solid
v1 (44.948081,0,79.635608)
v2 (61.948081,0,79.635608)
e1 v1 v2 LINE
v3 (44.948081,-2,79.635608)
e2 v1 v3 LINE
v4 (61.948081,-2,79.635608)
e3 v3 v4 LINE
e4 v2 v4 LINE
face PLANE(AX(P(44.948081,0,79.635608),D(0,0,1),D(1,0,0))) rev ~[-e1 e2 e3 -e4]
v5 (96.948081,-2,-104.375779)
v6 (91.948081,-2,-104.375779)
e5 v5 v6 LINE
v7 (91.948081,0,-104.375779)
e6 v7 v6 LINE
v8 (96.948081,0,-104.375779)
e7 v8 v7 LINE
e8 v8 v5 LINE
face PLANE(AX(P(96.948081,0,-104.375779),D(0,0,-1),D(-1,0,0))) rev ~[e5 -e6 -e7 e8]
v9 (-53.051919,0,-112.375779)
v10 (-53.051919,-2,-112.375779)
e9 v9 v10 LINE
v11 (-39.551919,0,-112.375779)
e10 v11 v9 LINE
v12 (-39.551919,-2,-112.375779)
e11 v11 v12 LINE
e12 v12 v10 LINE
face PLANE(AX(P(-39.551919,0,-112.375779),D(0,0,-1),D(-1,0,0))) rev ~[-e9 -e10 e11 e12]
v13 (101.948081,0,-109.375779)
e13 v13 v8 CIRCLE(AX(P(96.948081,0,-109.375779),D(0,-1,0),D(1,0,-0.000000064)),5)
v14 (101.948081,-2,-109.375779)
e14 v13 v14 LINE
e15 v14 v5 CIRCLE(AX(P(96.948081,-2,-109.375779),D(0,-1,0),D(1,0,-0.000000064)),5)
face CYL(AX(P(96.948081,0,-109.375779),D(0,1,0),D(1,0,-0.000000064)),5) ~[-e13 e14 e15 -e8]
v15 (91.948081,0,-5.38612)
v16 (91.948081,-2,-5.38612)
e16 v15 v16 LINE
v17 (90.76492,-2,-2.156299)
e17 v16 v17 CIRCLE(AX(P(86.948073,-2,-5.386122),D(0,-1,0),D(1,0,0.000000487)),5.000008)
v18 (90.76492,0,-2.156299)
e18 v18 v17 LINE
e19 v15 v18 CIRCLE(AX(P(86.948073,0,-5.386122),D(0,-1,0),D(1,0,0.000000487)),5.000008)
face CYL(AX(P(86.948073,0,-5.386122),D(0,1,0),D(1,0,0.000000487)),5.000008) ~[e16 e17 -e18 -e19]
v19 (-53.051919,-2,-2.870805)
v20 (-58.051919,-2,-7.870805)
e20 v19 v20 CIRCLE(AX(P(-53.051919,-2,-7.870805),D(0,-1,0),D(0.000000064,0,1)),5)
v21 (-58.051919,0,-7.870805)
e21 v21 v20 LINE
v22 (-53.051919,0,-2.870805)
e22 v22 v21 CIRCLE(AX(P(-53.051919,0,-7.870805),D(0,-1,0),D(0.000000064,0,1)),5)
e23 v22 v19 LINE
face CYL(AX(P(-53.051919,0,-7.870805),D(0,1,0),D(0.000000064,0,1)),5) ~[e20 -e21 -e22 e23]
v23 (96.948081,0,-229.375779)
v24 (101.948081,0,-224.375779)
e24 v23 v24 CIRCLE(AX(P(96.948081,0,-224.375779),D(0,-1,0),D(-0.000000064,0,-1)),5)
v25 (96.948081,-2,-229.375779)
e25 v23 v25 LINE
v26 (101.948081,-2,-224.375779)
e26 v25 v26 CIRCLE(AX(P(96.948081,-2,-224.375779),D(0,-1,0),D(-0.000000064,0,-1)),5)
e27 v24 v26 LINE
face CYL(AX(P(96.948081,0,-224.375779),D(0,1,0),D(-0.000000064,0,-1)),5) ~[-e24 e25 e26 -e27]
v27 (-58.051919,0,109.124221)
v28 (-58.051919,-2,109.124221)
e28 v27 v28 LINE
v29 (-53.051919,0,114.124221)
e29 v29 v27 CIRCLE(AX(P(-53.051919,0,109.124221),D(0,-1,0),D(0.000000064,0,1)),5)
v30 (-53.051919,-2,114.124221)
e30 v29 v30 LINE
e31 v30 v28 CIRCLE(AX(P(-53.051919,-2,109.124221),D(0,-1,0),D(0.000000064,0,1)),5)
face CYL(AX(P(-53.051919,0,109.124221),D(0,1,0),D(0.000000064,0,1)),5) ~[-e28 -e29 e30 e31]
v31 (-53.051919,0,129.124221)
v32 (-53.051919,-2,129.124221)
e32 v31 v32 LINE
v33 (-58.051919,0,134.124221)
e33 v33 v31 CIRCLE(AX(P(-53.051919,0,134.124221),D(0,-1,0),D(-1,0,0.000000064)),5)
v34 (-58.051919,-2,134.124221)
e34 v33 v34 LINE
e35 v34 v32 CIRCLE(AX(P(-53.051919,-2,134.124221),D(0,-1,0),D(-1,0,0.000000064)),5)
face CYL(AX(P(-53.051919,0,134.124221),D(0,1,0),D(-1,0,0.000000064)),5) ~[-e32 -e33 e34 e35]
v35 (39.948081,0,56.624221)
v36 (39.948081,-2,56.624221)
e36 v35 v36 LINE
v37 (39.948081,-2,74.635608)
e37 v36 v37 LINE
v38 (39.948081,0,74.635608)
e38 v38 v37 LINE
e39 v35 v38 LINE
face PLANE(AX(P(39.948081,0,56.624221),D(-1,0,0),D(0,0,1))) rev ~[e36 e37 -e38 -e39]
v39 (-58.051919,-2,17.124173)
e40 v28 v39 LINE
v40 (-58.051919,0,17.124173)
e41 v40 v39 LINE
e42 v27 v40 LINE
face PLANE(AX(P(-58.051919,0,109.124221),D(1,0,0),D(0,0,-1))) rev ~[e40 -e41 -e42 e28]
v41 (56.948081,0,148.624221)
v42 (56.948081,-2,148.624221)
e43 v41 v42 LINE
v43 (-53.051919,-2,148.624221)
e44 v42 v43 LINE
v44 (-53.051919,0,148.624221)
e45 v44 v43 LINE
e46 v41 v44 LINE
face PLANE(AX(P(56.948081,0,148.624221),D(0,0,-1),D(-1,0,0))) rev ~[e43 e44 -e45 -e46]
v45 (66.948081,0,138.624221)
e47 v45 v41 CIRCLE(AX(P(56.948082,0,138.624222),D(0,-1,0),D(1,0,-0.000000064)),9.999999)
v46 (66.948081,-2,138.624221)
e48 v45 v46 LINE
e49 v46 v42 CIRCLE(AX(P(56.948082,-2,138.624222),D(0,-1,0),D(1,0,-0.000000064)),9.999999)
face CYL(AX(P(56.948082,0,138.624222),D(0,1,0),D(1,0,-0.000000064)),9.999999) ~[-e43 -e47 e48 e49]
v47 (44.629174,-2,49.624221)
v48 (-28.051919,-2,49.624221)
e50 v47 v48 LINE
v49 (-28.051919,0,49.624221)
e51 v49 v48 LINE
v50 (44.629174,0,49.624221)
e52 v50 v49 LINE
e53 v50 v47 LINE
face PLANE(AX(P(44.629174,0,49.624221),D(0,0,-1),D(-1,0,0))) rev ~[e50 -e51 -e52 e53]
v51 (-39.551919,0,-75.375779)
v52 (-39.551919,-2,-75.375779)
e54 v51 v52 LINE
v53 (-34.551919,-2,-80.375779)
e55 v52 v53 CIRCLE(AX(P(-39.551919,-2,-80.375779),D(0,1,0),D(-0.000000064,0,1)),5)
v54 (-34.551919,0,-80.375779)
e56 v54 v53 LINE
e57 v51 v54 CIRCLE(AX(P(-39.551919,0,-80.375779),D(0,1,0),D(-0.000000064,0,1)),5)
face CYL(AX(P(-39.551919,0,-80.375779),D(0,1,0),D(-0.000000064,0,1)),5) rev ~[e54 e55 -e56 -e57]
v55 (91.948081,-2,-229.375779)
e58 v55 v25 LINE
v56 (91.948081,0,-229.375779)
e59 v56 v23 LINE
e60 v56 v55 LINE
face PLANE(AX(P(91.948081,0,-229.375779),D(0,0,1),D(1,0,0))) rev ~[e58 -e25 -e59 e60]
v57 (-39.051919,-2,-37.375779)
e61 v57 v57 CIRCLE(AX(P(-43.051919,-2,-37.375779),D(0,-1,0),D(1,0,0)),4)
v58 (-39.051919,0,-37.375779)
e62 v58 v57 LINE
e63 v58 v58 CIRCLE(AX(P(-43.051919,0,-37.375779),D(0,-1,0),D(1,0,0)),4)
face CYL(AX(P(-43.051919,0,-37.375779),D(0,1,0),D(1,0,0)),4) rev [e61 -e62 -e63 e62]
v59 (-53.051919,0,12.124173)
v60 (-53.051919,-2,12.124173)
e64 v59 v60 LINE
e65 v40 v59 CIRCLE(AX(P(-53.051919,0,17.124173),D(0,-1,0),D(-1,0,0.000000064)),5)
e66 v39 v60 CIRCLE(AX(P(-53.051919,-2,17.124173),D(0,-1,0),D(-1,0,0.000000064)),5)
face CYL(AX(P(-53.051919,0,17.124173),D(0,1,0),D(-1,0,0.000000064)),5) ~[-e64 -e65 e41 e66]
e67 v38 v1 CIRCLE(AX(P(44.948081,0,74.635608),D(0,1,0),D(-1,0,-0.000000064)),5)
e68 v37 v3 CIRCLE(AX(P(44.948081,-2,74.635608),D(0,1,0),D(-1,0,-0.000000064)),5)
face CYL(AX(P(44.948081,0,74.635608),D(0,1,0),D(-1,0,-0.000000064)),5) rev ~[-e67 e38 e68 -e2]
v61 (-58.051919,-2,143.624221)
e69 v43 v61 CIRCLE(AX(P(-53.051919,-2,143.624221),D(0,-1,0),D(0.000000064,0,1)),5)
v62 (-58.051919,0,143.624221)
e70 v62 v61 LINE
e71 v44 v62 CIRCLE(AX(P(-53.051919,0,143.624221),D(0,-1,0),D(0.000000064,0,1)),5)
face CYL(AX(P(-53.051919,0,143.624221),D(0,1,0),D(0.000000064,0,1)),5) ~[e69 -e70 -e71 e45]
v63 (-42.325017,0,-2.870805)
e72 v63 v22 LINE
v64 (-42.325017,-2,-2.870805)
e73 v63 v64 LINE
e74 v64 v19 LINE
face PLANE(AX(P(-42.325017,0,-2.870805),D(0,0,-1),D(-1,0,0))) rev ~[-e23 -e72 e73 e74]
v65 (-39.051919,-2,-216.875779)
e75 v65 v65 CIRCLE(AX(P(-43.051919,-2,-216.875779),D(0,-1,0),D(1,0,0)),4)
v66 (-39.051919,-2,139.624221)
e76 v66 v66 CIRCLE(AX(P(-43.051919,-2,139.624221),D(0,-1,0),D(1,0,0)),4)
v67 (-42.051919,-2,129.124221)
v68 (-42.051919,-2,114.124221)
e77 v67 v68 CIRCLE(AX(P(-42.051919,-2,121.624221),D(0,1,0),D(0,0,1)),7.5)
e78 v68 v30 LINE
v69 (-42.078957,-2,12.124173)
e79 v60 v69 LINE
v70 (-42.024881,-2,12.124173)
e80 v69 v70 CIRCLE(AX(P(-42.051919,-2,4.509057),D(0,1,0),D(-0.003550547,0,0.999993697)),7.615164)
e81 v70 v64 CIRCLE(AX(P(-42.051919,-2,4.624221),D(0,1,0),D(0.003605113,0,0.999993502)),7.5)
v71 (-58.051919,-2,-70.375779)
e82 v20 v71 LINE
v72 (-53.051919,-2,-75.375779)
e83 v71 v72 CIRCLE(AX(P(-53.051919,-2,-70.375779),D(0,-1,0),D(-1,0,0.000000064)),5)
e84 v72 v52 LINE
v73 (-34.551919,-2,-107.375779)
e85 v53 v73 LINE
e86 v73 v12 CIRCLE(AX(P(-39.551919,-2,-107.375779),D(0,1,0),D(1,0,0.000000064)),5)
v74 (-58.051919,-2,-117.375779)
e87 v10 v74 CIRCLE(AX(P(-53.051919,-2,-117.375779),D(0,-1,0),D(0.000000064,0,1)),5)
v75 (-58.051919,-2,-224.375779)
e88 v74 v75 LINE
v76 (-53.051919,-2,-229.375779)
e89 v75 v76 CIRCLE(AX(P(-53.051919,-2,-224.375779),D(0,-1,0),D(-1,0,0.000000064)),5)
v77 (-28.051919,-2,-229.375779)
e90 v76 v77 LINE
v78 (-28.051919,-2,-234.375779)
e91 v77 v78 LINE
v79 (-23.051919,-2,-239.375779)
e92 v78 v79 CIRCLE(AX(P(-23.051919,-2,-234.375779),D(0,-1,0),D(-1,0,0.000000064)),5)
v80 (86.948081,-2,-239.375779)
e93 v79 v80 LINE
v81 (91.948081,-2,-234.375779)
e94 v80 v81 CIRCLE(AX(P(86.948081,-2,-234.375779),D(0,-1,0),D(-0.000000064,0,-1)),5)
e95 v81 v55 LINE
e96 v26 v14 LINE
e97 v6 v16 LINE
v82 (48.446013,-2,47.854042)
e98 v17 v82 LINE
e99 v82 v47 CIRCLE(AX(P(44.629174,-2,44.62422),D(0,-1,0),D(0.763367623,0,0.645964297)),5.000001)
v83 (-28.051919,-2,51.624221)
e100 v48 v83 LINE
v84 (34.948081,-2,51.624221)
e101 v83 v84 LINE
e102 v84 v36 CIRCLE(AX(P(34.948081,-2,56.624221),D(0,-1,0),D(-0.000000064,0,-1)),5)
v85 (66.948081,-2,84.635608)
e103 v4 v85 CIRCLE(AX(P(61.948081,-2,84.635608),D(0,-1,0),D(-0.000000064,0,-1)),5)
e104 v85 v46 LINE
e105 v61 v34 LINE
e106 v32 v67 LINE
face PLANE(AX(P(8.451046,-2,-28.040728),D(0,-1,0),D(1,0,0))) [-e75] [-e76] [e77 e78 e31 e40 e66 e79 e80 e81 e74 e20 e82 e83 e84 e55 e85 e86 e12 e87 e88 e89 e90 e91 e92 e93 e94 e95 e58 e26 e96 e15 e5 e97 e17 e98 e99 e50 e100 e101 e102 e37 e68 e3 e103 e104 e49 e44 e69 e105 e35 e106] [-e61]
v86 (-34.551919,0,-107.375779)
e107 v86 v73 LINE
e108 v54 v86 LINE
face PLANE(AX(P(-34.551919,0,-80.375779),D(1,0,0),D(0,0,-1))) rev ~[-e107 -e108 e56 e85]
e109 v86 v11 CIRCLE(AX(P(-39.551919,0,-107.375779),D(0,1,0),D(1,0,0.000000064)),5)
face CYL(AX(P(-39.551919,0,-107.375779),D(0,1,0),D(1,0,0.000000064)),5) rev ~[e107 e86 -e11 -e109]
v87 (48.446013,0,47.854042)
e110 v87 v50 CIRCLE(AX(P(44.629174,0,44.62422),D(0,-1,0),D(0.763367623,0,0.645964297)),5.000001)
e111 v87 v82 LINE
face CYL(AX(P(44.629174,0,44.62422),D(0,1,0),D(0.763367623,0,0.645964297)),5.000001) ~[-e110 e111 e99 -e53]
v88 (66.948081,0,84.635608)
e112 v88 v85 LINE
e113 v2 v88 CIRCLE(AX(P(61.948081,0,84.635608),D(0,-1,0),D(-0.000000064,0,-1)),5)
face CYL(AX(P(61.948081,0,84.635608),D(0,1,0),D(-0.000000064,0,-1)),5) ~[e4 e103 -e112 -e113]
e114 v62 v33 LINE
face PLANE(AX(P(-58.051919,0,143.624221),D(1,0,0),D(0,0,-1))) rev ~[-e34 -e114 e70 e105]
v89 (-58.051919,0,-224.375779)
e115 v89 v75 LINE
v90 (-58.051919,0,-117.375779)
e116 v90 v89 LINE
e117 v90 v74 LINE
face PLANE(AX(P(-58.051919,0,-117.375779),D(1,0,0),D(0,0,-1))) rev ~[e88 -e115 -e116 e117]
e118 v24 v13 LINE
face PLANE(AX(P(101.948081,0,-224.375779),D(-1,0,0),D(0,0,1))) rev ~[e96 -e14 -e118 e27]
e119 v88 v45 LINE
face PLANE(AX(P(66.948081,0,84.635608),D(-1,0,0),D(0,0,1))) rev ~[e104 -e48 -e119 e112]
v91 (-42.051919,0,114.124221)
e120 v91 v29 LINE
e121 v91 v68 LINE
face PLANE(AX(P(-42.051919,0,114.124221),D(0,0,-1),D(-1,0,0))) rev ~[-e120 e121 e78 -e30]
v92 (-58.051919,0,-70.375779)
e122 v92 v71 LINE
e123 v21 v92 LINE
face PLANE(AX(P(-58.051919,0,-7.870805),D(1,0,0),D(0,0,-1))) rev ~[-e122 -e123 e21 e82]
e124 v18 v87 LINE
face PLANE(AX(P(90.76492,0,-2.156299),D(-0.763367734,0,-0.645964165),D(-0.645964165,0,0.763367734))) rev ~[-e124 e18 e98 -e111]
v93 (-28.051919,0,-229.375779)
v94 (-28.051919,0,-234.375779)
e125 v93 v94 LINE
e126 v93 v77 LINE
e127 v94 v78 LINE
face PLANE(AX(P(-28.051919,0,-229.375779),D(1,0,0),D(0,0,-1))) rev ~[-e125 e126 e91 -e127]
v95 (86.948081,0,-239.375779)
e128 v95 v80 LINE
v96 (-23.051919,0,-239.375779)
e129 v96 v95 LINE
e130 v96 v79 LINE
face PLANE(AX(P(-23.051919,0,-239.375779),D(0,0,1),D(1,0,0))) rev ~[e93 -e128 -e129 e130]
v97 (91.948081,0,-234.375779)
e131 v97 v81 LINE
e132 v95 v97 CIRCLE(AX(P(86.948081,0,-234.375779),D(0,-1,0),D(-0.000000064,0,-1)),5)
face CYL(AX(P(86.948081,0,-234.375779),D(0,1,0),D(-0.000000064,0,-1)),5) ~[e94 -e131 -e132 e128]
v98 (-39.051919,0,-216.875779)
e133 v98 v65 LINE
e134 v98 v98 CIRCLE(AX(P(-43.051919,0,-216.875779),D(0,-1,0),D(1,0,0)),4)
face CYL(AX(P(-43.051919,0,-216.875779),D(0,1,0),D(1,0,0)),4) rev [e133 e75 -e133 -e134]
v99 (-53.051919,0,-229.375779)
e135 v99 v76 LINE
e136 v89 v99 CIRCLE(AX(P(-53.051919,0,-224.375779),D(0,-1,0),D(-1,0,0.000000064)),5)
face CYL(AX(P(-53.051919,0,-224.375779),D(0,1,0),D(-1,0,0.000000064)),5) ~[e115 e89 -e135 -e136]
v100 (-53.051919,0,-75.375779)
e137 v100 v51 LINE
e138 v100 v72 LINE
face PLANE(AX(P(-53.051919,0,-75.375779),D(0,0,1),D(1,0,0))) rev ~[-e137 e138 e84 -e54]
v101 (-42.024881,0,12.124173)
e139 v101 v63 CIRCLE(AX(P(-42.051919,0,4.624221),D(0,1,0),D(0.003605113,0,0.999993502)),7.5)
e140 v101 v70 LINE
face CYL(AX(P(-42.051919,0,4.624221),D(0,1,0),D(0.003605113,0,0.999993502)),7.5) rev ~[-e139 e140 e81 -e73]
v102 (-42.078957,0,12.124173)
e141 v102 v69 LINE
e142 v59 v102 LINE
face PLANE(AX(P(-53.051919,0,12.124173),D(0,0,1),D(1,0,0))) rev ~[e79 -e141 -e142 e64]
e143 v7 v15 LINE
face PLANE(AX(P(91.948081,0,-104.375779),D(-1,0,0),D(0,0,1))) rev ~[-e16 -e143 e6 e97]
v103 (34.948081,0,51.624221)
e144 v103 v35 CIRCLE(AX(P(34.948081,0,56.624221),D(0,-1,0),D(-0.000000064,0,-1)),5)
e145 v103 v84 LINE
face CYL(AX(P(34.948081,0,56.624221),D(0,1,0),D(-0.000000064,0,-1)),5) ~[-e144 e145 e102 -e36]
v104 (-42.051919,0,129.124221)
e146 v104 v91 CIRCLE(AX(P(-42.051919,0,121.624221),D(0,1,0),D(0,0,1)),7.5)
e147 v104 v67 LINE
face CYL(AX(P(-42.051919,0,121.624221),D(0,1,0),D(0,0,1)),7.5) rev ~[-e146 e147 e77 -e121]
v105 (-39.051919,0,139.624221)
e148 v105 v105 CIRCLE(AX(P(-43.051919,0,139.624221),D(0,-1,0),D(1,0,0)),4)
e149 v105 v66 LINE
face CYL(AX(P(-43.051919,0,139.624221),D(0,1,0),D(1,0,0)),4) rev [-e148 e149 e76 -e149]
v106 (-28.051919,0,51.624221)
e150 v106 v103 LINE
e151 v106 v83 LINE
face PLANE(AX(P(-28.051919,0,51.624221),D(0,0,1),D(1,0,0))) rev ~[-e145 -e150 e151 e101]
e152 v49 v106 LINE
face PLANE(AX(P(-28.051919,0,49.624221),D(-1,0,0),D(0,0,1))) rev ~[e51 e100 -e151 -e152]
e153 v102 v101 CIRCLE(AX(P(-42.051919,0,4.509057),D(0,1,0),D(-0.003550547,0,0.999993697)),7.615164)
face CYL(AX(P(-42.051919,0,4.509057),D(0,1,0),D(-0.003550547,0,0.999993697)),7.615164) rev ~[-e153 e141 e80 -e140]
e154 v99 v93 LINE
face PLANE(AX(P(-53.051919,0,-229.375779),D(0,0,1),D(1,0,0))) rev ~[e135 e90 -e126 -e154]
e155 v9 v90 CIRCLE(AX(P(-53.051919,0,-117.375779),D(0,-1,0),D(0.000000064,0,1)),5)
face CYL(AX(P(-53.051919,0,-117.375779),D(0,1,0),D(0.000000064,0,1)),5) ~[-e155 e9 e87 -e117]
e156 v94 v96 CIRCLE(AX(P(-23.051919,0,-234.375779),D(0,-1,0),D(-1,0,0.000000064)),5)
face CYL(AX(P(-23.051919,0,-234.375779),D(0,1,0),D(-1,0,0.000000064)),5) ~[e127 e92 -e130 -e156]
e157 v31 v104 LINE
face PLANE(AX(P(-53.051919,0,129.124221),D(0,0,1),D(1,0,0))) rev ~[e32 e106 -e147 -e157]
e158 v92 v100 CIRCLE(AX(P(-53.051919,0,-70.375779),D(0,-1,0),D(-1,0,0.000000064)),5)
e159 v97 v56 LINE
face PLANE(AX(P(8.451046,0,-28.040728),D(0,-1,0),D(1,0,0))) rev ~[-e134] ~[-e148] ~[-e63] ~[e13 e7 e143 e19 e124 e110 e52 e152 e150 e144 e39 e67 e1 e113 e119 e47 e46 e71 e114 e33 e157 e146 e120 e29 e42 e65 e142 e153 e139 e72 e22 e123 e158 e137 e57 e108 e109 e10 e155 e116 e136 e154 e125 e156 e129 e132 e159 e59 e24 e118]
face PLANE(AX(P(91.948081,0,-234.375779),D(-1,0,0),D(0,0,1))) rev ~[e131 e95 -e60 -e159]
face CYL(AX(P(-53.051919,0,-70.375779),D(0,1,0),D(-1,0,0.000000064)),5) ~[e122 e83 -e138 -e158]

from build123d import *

# Parameters (mm, degrees)
F0_R     = 4
F1_DEPTH = 2


with BuildPart() as f1:
    # F0 (on Front) → F1 (new body)
    with BuildSketch(Plane.XZ):
        with BuildLine():
            Line((56.948081, 148.624221), (-23.051919, 148.624221))
            Line((-23.051919, 148.624221), (-53.051919, 148.624221))
            ThreePointArc((-53.051919, 148.624221), (-56.587453, 147.159755), (-58.051919, 143.624221))
            Line((-58.051919, 143.624221), (-58.051919, 134.124221))
            ThreePointArc((-58.051919, 134.124221), (-56.587453, 130.588687), (-53.051919, 129.124221))
            Line((-53.051919, 129.124221), (-42.051919, 129.124221))
            ThreePointArc((-42.051919, 129.124221), (-34.551919, 121.624221), (-42.051919, 114.124221))
            Line((-42.051919, 114.124221), (-53.051919, 114.124221))
            ThreePointArc((-53.051919, 114.124221), (-56.587453, 112.659755), (-58.051919, 109.124221))
            Line((-58.051919, 109.124221), (-58.051919, 17.124173))
            ThreePointArc((-58.051919, 17.124173), (-56.587453, 13.588639), (-53.051919, 12.124173))
            Line((-53.051919, 12.124173), (-42.078957, 12.124173))
            ThreePointArc((-42.078957, 12.124173), (-42.051919, 12.124221), (-42.024881, 12.124173))
            ThreePointArc((-42.024881, 12.124173), (-34.553421, 4.474133), (-42.325017, -2.870805))
            Line((-42.325017, -2.870805), (-53.051919, -2.870805))
            ThreePointArc((-53.051919, -2.870805), (-56.587453, -4.335271), (-58.051919, -7.870805))
            Line((-58.051919, -7.870805), (-58.051919, -70.375779))
            ThreePointArc((-58.051919, -70.375779), (-56.587453, -73.911313), (-53.051919, -75.375779))
            Line((-53.051919, -75.375779), (-39.551919, -75.375779))
            ThreePointArc((-39.551919, -75.375779), (-36.016385, -76.840245), (-34.551919, -80.375779))
            Line((-34.551919, -80.375779), (-34.551919, -107.375779))
            ThreePointArc((-34.551919, -107.375779), (-36.016385, -110.911313), (-39.551919, -112.375779))
            Line((-39.551919, -112.375779), (-53.051919, -112.375779))
            ThreePointArc((-53.051919, -112.375779), (-56.587453, -113.840245), (-58.051919, -117.375779))
            Line((-58.051919, -117.375779), (-58.051919, -224.375779))
            ThreePointArc((-58.051919, -224.375779), (-56.587453, -227.911313), (-53.051919, -229.375779))
            Line((-53.051919, -229.375779), (-28.051919, -229.375779))
            Line((-28.051919, -229.375779), (91.948081, -229.375779))
            Line((91.948081, -229.375779), (91.948081, -104.375779))
            Line((91.948081, -104.375779), (91.948081, -5.38612))
            ThreePointArc((91.948081, -5.38612), (91.642982, -3.666265), (90.76492, -2.156299))
            Line((90.76492, -2.156299), (48.446013, 47.854042))
            ThreePointArc((48.446013, 47.854042), (46.732849, 49.160139), (44.629174, 49.624221))
            Line((44.629174, 49.624221), (-28.051919, 49.624221))
            Line((-28.051919, 49.624221), (-28.051919, 51.624221))
            Line((-28.051919, 51.624221), (34.948081, 51.624221))
            ThreePointArc((34.948081, 51.624221), (38.483615, 53.088687), (39.948081, 56.624221))
            Line((39.948081, 56.624221), (39.948081, 74.635608))
            ThreePointArc((39.948081, 74.635608), (41.412547, 78.171142), (44.948081, 79.635608))
            Line((44.948081, 79.635608), (61.948081, 79.635608))
            ThreePointArc((61.948081, 79.635608), (65.483615, 81.100074), (66.948081, 84.635608))
            Line((66.948081, 84.635608), (66.948081, 138.624221))
            ThreePointArc((66.948081, 138.624221), (64.019149, 145.695289), (56.948081, 148.624221))
        make_face()
        with Locations((-43.051919, -216.875779)):
            Circle(F0_R, mode=Mode.SUBTRACT)
        with Locations((-43.051919, -37.375779)):
            Circle(F0_R, mode=Mode.SUBTRACT)
        with Locations((-43.051919, 139.624221)):
            Circle(F0_R, mode=Mode.SUBTRACT)
        with BuildLine():
            Line((91.948081, -234.375779), (91.948081, -229.375779))
            Line((91.948081, -229.375779), (-28.051919, -229.375779))
            Line((-28.051919, -229.375779), (-28.051919, -234.375779))
            ThreePointArc((-28.051919, -234.375779), (-26.587453, -237.911313), (-23.051919, -239.375779))
            Line((-23.051919, -239.375779), (86.948081, -239.375779))
            ThreePointArc((86.948081, -239.375779), (90.483615, -237.911313), (91.948081, -234.375779))
        make_face()
        with BuildLine():
            Line((96.948081, -104.375779), (91.948081, -104.375779))
            Line((91.948081, -104.375779), (91.948081, -229.375779))
            Line((91.948081, -229.375779), (96.948081, -229.375779))
            ThreePointArc((96.948081, -229.375779), (100.483615, -227.911313), (101.948081, -224.375779))
            Line((101.948081, -224.375779), (101.948081, -109.375779))
            ThreePointArc((101.948081, -109.375779), (100.483615, -105.840245), (96.948081, -104.375779))
        make_face()
    extrude(amount=F1_DEPTH)


solid = f1.part
